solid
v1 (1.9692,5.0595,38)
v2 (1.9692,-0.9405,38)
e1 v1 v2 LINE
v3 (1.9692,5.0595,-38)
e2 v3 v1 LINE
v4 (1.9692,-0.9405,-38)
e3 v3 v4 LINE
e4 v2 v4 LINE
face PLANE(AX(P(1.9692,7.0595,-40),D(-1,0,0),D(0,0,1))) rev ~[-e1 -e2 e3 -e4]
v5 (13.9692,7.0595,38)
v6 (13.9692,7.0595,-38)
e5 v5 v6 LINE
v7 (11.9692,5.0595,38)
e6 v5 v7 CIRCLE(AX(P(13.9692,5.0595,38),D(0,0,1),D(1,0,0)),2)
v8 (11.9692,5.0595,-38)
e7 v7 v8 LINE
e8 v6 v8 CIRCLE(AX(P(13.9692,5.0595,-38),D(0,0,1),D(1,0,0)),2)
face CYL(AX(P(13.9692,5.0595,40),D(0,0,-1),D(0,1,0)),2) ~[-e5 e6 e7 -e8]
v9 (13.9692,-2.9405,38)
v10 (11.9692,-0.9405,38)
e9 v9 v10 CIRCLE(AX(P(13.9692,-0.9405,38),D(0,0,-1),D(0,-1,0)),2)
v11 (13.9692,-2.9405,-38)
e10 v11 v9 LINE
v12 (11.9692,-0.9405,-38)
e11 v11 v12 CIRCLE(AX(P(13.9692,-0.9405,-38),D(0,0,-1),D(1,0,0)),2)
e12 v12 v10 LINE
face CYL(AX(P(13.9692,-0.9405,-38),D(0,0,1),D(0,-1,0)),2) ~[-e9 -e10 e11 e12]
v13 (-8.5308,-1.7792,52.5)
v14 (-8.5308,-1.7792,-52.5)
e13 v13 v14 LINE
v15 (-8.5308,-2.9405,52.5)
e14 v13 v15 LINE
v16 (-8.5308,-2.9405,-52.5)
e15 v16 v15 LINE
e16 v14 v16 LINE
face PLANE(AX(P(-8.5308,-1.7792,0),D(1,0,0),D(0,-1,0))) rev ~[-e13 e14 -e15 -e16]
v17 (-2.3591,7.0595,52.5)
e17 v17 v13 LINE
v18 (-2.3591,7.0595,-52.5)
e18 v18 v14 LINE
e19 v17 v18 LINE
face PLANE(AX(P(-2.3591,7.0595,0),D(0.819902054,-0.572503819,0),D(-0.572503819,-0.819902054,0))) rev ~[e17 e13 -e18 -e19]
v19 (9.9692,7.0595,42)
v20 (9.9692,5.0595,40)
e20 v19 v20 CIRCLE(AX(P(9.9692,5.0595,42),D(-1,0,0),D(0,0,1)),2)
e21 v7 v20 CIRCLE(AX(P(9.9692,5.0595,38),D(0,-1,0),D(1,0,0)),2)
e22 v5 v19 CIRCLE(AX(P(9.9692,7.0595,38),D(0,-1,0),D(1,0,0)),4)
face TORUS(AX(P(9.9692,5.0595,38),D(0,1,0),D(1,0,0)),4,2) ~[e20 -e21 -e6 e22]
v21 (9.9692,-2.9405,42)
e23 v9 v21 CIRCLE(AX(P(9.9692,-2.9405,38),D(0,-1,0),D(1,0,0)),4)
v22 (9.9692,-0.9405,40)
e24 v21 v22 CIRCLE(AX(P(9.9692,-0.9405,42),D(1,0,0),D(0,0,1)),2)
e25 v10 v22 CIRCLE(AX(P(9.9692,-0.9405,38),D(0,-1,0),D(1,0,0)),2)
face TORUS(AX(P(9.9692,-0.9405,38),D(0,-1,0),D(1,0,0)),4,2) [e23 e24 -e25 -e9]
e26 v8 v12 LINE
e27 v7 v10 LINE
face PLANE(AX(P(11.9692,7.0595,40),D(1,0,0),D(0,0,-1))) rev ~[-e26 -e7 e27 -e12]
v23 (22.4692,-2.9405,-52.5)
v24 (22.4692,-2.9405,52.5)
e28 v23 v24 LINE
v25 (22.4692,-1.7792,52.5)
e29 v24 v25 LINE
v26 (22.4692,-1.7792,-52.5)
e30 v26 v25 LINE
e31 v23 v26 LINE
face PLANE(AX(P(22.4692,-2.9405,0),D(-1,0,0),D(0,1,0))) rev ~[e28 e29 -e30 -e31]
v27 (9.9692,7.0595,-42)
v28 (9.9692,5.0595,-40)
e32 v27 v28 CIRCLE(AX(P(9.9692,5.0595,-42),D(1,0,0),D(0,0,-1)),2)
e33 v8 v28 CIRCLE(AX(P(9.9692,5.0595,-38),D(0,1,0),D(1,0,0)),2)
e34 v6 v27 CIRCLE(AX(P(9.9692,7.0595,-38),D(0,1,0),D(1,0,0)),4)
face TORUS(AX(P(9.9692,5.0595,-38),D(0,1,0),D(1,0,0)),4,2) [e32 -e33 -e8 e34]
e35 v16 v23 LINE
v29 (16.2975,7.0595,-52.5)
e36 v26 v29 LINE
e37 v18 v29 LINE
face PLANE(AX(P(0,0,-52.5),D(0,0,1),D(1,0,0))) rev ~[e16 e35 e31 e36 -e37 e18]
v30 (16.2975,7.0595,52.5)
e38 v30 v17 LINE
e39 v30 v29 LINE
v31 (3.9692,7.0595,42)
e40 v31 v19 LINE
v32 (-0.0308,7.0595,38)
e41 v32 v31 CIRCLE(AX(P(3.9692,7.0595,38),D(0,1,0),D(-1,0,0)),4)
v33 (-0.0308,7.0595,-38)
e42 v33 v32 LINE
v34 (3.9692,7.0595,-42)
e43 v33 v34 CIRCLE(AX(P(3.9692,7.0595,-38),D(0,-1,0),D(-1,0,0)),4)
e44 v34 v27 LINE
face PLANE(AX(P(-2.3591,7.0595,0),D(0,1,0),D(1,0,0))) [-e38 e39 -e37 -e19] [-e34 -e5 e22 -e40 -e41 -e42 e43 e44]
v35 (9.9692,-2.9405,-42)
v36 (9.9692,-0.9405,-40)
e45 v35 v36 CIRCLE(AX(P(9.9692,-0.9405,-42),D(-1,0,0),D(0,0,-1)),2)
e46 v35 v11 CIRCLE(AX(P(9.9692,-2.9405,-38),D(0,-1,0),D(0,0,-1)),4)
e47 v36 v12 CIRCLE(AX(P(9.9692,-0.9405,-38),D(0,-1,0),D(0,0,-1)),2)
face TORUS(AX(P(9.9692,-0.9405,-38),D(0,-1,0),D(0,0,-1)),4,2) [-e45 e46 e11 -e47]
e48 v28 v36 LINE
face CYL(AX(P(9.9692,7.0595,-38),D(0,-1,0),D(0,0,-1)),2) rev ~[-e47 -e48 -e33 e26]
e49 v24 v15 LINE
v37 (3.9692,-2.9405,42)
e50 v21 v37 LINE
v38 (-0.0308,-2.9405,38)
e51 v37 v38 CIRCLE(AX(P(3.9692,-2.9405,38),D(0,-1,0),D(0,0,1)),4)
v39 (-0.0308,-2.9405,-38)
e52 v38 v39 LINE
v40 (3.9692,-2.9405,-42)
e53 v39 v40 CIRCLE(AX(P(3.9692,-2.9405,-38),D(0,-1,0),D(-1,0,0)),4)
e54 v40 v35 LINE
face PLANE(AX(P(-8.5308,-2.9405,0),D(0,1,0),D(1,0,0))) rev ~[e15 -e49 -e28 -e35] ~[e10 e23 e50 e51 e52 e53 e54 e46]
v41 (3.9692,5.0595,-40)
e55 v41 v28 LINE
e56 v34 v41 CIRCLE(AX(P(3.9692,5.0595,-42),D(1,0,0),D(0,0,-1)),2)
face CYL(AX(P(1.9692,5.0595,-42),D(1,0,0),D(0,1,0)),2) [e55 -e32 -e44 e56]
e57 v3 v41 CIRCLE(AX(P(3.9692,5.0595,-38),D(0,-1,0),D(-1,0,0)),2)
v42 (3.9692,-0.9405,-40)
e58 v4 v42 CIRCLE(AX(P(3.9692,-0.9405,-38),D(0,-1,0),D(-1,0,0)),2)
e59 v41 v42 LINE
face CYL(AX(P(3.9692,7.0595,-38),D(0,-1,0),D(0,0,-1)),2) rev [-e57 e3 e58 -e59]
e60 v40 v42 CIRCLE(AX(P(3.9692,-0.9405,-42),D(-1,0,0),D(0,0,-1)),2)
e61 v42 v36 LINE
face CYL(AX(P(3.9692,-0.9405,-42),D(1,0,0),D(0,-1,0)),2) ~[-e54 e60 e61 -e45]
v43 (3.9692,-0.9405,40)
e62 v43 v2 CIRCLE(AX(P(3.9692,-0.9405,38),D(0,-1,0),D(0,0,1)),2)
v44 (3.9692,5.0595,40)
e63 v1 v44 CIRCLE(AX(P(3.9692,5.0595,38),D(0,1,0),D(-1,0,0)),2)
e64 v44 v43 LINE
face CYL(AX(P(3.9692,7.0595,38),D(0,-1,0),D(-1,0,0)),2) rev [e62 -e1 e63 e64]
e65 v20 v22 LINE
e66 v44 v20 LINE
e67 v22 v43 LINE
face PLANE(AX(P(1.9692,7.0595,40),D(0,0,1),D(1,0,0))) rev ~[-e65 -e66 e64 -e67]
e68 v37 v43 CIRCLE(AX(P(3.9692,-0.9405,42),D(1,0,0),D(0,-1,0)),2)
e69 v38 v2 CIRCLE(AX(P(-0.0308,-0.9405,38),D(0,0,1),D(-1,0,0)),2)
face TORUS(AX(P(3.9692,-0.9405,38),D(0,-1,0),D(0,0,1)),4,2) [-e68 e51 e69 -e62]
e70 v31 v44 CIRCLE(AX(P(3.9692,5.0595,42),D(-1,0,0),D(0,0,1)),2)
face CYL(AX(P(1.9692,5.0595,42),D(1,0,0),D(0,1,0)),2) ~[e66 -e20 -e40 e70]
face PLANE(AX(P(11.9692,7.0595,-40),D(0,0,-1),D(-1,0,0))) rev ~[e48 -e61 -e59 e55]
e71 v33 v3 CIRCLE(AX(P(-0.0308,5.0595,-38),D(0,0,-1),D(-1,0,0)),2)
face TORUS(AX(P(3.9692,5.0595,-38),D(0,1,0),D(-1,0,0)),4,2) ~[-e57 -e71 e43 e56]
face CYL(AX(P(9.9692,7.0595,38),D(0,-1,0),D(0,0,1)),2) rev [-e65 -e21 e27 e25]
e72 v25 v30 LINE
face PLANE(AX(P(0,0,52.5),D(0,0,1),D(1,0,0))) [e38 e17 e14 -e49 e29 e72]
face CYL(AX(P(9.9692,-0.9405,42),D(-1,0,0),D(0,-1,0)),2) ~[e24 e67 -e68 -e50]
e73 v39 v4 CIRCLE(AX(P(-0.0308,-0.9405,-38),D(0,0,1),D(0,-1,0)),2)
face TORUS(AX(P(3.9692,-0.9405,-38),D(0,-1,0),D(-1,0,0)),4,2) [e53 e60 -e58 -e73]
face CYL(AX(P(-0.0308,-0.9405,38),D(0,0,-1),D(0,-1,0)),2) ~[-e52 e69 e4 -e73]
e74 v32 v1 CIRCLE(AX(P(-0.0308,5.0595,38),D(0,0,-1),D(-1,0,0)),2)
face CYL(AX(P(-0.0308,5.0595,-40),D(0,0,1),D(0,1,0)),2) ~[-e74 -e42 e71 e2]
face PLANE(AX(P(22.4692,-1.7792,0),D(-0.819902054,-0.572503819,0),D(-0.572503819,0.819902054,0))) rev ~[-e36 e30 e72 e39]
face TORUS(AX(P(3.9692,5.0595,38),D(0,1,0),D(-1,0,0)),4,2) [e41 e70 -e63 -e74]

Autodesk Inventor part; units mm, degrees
ref_plane "YZ Plane" through (0, 0, 0) normal (1, 0, 0) x (0, 1, 0)
ref_plane "XZ Plane" through (0, 0, 0) normal (0, 1, 0) x (-1, 0, 0)
ref_plane "XY Plane" through (0, 0, 0) normal (0, 0, 1) x (1, 0, 0)
sketch "Schizzo1" plane through (0, 0, 0) normal (0, 0, 1) x (1, 0, 0)
  line L0 (-8.5308, -2.9405) -> (22.4692, -2.9405)
  line L1 (22.4692, -2.9405) -> (22.4692, -1.7792)
  line L2 (22.4692, -1.7792) -> (16.2975, 7.0595)
  line L3 (-2.3591, 7.0595) -> (-8.5308, -1.7792)
  line L4 (-8.5308, -1.7792) -> (-8.5308, -2.9405)
  line L5 (6.9692, 7.0595) -> (6.9692, -2.9405)
  line L6 (6.9692, 7.0595) -> (27.9692, 7.0595) construction
  line L7 (27.9692, 7.0595) -> (23.9692, 7.0595) construction
  line L8 (23.9692, 7.0595) -> (23.9692, 3.0595) construction
  circle A0 centre (23.9692, 3.0595) radius 4 construction
  line L9 (6.9692, 7.0595) -> (-14.0308, 7.0595) construction
  line L10 (-14.0308, 7.0595) -> (-10.0308, 7.0595) construction
  line L11 (-10.0308, 7.0595) -> (-10.0308, 3.0595) construction
  circle A1 centre (-10.0308, 3.0595) radius 4 construction
  line L12 (-2.3591, 7.0595) -> (16.2975, 7.0595)
  dimension "d1" = 31
  dimension "d6" = 10
  dimension "d7" = 21
  dimension "d8" = 4
  dimension "d9" = 4
  dimension "d10" = 10
  dimension "d11" = 21
  dimension "d12" = 4
  dimension "d13" = 4
extrude "Estrusione1" add sketch "Schizzo1" along normal mid plane 105
sketch "Schizzo3" plane through (-2.3591, 7.0595, 52.5) normal (0, 1, 0) x (1, 0, 0)
  line L0 (18.6566, 0) -> (0, 0) projected
  line L1 (0, 52.5) -> (18.6566, 52.5) construction
  line L2 (18.6566, 0) -> (18.6566, 105) projected
  line L3 (0, 0) -> (9.3283, 0)
  line L4 (9.3283, 0) -> (9.3283, 105) construction
  line L5 (24.8283, 105) -> (-6.1717, 105) projected
  line L6 (9.3283, 92.5) -> (4.3283, 92.5)
  line L7 (4.3283, 92.5) -> (4.3283, 12.5)
  line L8 (4.3283, 12.5) -> (14.3283, 12.5)
  line L9 (14.3283, 12.5) -> (14.3283, 92.5)
  line L10 (14.3283, 92.5) -> (9.3283, 92.5)
  point P0 (2.3591, 52.5)
  dimension "d18" = 5
  dimension "d19" = 80
  dimension "d20" = 10
extrude "Estrusione2" cut sketch "Schizzo3" against normal blind 10
fillet "Raccordo1" radius 2 8 edges at (11.9692, 2.0595, 40) (1.9692, 2.0595, 40) (1.9692, 2.0595, -40) (11.9692, 2.0595, -40) (11.9692, 7.0595, 0) (1.9692, 7.0595, 0) (6.9692, 7.0595, -40) (6.9692, 7.0595, 40)
fillet "Raccordo2" radius 2 8 edges at (11.3834, -2.9405, -39.4142) (6.9692, -2.9405, -40) (2.555, -2.9405, -39.4142) (1.9692, -2.9405, 0) (2.555, -2.9405, 39.4142) (6.9692, -2.9405, 40) (11.3834, -2.9405, 39.4142) (11.9692, -2.9405, 0)
properties part number "esercizio3 02-27-2023"
